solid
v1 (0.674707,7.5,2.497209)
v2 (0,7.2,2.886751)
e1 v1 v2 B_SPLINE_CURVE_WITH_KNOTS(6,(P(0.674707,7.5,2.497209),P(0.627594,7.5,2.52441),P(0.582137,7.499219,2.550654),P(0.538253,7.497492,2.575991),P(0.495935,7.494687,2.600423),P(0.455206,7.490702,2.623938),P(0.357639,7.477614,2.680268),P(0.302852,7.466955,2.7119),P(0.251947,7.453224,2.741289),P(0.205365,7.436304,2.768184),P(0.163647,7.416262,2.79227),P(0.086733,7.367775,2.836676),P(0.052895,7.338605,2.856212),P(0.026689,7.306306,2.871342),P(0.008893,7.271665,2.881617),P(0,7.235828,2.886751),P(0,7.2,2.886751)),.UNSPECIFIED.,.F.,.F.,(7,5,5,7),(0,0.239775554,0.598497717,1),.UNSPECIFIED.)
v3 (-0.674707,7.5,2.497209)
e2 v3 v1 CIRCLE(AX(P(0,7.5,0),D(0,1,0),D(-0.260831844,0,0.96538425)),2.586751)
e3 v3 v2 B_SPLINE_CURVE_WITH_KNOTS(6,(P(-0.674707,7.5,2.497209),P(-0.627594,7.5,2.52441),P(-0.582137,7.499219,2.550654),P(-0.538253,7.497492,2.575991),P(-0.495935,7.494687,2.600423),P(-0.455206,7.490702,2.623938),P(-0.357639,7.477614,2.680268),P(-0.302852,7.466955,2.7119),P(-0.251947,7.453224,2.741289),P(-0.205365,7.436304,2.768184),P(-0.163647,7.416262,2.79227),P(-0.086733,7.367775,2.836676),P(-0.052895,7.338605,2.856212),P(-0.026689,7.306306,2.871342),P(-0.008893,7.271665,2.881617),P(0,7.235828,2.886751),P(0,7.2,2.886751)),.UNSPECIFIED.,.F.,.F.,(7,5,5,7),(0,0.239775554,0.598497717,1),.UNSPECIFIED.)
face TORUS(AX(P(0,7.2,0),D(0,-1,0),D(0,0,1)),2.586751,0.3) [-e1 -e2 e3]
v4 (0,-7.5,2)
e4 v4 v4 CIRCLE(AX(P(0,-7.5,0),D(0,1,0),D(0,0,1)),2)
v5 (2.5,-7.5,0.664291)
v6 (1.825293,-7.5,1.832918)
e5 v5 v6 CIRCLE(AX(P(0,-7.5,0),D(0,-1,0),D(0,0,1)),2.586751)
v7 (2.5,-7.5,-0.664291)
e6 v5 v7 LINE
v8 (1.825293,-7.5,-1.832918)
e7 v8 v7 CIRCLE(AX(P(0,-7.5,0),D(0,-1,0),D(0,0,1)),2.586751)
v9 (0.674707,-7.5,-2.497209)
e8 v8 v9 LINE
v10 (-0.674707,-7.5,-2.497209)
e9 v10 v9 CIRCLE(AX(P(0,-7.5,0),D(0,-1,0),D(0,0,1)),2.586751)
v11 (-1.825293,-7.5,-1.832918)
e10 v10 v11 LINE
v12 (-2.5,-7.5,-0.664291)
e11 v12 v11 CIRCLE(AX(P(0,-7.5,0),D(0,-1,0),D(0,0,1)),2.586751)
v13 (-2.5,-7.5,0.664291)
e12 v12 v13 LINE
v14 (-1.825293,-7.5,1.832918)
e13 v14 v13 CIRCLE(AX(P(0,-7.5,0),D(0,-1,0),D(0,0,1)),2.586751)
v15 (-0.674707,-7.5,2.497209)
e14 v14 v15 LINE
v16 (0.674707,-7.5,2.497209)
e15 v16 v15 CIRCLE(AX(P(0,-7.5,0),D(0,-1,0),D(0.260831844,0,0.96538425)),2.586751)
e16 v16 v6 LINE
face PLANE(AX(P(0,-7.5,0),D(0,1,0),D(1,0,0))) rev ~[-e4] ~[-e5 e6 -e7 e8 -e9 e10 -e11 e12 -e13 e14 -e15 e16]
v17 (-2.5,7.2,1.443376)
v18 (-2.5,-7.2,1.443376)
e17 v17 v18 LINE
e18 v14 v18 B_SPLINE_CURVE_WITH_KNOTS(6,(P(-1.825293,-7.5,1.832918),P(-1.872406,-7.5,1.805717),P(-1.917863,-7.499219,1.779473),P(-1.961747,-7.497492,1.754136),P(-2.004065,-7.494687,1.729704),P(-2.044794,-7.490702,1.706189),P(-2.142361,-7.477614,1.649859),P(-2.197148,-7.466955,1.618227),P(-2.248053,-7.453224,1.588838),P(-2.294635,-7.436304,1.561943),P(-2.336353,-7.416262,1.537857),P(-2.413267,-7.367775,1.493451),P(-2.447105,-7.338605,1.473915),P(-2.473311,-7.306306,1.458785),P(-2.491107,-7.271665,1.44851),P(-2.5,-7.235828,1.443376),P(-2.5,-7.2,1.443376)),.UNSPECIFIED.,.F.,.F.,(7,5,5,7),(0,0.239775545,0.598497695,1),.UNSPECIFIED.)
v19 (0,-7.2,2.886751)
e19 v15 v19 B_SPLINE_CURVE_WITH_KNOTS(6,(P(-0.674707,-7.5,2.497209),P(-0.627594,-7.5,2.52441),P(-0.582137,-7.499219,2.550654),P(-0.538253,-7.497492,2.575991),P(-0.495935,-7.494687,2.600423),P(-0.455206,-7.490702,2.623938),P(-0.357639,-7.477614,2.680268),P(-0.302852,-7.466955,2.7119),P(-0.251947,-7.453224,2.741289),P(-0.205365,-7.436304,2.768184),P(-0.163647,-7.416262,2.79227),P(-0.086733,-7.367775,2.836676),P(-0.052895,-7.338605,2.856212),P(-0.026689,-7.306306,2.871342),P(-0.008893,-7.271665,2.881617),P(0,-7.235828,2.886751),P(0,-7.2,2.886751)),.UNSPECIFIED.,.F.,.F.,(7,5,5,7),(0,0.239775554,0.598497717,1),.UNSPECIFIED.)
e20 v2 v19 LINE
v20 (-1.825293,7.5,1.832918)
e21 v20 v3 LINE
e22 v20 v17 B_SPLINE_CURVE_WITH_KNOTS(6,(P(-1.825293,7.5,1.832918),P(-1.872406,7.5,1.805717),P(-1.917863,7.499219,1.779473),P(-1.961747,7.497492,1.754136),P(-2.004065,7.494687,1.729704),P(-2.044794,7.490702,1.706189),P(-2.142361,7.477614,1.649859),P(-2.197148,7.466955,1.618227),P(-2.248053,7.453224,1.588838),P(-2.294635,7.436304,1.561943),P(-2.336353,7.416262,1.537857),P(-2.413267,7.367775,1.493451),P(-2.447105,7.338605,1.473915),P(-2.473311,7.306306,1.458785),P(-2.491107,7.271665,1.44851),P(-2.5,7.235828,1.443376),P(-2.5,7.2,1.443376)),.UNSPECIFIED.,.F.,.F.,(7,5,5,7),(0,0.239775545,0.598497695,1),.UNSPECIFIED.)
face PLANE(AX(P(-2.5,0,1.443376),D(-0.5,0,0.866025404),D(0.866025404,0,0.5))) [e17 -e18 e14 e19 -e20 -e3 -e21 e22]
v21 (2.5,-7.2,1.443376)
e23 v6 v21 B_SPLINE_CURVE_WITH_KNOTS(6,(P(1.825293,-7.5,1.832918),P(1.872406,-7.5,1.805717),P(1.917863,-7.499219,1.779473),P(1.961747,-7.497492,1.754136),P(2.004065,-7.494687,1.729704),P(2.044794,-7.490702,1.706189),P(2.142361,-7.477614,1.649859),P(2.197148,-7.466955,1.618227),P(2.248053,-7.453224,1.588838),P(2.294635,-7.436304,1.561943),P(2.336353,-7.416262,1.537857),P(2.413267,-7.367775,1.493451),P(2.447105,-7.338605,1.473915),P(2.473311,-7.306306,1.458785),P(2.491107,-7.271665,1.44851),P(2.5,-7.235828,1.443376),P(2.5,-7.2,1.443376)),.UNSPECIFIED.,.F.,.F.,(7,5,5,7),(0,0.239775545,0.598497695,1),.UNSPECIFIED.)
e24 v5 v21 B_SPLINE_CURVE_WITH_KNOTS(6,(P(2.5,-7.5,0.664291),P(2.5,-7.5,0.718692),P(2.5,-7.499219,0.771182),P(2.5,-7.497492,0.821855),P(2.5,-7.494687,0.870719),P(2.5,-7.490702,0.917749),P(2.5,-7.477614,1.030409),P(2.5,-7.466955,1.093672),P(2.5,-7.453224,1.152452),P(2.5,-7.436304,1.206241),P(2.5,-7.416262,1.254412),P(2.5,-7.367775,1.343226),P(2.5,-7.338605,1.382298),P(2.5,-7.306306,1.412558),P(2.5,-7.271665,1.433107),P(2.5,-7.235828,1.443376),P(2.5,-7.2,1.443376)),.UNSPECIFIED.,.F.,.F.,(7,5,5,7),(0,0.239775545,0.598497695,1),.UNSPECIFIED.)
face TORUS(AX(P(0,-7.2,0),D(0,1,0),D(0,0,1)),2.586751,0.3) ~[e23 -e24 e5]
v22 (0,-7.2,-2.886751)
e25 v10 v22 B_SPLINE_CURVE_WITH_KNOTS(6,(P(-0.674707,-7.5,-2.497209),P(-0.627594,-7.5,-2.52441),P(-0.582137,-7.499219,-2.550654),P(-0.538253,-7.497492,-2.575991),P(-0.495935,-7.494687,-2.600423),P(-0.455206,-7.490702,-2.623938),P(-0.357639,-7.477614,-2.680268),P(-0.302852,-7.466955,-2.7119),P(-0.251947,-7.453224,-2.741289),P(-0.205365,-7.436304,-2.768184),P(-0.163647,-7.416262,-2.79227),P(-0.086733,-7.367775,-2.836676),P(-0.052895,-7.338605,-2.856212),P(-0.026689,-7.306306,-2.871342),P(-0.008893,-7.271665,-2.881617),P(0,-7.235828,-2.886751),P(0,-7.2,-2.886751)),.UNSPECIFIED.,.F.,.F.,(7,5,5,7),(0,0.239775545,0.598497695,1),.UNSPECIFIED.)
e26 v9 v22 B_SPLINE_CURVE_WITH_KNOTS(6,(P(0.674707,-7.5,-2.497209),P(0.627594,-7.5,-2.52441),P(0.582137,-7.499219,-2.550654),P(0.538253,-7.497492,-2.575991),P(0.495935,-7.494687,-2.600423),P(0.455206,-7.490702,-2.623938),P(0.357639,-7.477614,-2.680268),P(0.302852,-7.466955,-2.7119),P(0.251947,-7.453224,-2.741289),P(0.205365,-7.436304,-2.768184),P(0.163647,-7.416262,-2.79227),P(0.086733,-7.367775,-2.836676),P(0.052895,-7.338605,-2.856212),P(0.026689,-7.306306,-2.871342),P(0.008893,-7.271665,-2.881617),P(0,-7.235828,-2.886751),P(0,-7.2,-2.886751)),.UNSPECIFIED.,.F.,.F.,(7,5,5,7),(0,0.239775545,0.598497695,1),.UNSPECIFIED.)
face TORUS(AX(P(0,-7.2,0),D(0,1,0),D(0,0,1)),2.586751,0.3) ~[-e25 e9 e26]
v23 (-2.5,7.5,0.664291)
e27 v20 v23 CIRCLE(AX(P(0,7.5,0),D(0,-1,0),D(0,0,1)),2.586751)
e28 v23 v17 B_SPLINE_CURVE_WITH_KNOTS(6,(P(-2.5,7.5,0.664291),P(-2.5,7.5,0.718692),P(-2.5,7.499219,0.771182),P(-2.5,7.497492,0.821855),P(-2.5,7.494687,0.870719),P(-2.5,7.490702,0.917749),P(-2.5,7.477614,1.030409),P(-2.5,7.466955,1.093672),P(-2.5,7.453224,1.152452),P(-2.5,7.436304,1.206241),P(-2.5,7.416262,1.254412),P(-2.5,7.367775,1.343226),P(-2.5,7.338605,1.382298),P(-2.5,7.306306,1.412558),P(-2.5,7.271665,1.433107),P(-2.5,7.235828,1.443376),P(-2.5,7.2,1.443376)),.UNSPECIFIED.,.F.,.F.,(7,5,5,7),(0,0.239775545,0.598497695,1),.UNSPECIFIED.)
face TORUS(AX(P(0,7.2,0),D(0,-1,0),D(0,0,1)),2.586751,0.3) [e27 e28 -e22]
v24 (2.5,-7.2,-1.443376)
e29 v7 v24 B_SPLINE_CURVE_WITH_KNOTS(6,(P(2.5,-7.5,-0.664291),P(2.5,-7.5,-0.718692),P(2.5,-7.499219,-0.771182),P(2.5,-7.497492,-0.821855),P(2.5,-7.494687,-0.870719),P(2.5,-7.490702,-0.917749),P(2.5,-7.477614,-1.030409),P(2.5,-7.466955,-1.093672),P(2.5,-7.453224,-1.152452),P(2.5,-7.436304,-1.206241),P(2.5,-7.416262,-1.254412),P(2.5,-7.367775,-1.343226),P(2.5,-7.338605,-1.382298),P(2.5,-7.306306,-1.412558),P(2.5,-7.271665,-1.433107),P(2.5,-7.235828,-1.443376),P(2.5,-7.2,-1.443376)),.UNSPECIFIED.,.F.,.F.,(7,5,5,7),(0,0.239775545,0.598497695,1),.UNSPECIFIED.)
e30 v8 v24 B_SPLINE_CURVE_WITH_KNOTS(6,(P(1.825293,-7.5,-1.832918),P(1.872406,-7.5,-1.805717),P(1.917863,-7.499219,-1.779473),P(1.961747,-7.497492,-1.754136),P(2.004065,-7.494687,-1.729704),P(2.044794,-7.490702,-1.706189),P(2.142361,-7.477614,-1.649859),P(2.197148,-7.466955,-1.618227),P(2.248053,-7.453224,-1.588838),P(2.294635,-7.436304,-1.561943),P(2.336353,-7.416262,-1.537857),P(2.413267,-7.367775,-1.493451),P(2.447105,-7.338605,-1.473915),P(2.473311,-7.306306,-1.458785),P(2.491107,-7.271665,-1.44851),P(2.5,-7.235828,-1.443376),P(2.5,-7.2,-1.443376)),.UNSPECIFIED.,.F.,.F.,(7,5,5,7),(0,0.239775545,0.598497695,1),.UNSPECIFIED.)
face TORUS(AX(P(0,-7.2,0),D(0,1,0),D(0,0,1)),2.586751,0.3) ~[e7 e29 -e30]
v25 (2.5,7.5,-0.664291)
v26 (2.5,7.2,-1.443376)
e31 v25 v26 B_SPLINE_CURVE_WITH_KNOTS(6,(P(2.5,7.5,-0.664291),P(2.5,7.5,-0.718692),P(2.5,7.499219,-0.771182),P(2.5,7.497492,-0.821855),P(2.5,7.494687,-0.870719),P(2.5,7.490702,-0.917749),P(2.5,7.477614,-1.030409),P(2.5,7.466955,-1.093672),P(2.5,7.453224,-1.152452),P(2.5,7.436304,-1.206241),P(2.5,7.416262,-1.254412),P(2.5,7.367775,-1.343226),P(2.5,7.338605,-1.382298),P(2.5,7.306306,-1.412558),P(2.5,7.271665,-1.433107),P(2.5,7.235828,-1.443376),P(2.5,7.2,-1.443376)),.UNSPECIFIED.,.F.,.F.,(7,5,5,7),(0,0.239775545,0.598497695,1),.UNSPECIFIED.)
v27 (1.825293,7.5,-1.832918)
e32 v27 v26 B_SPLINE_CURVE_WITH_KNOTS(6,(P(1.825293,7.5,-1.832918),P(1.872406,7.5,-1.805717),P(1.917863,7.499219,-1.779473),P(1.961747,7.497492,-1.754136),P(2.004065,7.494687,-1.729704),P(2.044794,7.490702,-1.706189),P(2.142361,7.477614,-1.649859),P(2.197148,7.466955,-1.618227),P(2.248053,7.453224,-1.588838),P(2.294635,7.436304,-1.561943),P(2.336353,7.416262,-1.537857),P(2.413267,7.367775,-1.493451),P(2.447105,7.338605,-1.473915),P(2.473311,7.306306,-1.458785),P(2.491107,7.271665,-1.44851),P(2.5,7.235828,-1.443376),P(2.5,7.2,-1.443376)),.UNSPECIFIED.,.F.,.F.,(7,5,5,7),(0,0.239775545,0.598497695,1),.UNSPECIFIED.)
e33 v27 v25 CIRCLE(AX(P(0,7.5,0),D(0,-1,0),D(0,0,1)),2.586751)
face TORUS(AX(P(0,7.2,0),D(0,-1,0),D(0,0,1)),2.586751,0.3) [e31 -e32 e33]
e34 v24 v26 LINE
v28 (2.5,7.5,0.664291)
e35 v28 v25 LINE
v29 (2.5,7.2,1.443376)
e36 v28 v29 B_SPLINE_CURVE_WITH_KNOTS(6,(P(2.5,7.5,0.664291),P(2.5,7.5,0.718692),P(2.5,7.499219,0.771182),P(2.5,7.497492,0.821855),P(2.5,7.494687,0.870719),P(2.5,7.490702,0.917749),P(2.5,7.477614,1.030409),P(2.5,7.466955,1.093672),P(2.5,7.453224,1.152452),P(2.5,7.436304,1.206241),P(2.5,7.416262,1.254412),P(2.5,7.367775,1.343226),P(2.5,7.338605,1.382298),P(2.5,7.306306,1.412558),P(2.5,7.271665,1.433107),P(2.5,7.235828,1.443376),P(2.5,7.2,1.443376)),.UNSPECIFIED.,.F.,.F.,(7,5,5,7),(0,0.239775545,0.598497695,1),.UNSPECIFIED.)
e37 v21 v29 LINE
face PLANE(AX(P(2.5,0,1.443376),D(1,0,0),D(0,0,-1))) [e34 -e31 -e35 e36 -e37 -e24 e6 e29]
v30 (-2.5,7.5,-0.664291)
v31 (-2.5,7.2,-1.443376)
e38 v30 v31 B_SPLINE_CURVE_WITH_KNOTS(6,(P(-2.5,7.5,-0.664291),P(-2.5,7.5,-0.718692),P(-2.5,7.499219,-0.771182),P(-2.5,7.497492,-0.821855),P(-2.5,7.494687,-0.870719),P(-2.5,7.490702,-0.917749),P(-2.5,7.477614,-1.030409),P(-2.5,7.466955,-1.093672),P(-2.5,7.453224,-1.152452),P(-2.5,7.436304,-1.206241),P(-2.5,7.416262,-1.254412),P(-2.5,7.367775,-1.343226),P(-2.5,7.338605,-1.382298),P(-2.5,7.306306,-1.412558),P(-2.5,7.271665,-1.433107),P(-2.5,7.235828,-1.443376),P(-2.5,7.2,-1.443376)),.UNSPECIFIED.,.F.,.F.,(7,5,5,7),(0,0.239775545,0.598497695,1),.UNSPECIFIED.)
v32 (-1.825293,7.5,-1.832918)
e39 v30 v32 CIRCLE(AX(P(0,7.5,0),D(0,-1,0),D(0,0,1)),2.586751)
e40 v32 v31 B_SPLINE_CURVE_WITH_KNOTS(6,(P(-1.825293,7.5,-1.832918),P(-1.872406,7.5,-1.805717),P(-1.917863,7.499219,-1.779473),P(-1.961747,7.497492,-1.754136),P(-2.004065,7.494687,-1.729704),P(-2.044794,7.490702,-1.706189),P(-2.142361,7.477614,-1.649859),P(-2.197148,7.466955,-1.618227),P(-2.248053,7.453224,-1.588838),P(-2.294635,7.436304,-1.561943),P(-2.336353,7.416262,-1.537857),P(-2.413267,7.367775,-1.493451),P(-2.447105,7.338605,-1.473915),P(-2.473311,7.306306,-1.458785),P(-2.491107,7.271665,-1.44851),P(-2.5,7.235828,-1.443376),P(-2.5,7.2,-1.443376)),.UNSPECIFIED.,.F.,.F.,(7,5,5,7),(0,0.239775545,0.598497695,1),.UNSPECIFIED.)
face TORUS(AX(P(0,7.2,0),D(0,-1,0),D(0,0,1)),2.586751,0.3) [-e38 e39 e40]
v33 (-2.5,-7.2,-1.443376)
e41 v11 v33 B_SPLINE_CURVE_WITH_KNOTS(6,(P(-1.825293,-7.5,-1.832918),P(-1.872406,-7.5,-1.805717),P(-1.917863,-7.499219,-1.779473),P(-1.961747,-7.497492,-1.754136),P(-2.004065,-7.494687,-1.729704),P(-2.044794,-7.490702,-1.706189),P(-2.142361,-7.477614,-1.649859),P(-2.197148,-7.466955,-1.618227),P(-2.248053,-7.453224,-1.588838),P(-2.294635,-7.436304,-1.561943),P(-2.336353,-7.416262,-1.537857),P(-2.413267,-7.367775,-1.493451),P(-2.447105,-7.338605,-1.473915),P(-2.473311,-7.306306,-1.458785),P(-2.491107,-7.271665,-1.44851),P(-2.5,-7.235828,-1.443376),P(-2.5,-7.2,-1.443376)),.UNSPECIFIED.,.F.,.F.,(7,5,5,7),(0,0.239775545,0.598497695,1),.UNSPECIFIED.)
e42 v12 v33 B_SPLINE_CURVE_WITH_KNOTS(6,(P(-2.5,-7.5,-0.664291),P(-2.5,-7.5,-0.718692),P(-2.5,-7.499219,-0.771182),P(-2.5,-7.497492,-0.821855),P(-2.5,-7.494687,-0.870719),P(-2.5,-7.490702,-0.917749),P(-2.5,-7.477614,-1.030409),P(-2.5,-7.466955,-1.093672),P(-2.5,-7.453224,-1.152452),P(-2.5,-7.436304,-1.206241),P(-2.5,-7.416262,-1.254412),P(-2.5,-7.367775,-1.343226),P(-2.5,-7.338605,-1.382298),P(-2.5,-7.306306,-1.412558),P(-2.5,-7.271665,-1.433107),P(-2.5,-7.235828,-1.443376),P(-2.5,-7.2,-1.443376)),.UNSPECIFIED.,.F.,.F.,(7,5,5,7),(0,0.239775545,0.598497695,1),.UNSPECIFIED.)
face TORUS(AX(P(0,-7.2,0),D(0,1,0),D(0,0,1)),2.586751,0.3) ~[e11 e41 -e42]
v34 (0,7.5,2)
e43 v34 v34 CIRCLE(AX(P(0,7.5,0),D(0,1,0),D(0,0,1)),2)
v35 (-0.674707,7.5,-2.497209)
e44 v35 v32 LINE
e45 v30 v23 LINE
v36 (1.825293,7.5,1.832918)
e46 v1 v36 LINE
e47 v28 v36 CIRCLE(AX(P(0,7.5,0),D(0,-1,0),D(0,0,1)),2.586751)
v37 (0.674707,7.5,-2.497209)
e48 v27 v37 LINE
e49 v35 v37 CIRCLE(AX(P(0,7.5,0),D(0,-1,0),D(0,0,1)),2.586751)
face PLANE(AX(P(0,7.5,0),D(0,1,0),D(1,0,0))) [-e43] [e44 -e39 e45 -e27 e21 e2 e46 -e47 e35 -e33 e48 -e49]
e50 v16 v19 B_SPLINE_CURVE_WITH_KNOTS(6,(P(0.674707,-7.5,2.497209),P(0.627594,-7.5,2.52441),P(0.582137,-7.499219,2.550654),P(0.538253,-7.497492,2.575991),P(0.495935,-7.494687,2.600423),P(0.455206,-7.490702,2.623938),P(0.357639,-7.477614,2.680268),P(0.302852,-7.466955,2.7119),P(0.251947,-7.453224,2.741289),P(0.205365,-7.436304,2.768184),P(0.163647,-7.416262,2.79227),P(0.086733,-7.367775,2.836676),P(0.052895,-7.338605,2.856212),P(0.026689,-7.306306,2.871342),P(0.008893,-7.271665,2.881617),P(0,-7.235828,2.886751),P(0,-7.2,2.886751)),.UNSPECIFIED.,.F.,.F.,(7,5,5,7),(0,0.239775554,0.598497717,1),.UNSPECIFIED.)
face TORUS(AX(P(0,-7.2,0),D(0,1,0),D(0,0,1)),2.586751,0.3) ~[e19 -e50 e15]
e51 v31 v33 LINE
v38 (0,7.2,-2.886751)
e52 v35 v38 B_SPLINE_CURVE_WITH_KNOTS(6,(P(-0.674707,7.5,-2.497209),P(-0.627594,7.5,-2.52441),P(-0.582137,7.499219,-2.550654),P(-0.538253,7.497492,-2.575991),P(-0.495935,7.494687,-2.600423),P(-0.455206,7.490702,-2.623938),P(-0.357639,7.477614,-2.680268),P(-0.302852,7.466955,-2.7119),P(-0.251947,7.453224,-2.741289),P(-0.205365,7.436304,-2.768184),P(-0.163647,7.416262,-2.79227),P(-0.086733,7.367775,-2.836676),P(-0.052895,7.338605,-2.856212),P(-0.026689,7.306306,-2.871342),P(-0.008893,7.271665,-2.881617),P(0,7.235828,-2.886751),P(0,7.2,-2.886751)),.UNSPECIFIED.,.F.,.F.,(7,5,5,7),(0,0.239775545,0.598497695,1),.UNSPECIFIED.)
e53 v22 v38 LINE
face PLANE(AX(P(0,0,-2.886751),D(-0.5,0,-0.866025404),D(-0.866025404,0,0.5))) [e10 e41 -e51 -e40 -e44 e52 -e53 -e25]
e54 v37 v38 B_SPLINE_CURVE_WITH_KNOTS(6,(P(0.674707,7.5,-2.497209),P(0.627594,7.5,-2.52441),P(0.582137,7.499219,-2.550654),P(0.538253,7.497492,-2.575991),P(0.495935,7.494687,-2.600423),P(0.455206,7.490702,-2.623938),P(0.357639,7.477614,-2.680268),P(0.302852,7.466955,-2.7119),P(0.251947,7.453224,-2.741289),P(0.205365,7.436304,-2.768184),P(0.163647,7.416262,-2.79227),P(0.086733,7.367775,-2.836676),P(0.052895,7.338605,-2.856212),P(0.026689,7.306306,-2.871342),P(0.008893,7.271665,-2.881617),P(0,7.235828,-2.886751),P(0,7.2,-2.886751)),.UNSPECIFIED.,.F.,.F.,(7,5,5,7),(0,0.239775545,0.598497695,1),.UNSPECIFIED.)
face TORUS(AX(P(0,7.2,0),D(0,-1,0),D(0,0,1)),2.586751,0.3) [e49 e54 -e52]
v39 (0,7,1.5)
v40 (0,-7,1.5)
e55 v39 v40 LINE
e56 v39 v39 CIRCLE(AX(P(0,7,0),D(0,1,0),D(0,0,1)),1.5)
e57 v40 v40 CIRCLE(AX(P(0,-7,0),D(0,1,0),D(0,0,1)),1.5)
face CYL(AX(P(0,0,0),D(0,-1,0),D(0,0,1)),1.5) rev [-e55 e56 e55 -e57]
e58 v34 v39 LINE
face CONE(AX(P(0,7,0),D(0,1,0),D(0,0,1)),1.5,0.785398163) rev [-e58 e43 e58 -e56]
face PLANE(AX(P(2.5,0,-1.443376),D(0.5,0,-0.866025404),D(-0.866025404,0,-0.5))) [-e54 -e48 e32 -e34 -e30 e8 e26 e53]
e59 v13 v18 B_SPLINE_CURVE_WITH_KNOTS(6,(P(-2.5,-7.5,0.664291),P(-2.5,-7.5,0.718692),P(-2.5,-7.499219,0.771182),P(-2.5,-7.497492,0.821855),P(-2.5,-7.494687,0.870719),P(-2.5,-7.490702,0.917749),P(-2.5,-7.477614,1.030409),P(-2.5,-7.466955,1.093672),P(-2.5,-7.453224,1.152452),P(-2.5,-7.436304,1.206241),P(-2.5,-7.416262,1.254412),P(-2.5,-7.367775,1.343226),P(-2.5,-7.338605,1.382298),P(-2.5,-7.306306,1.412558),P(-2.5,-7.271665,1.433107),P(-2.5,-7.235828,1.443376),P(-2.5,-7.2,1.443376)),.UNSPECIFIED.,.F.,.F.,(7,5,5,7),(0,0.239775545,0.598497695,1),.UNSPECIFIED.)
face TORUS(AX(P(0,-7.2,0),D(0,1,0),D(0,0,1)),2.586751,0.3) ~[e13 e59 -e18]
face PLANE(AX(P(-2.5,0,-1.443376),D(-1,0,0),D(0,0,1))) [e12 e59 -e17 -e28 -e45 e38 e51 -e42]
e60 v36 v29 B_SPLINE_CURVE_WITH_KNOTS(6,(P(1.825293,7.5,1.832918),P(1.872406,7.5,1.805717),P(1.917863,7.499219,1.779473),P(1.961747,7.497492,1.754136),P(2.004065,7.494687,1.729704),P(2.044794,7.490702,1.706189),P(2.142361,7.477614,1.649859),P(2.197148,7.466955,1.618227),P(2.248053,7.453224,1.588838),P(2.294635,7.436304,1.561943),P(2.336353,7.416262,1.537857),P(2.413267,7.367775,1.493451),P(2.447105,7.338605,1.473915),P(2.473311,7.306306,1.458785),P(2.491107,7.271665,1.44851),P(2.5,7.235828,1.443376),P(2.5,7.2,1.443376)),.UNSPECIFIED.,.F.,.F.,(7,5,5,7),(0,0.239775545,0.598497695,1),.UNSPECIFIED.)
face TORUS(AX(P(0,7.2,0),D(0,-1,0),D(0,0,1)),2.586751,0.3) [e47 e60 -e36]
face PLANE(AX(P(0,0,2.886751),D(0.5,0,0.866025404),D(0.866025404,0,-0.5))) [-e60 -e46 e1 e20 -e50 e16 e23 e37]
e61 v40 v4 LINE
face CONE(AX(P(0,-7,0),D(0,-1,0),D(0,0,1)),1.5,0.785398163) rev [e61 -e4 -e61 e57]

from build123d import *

# Parameters (mm, degrees)
SKETCH2_R           = 1.5
BOSS_EXTRUDE2_DEPTH = 7.5
CHAMFER1_SIZE       = 0.5


with BuildPart() as part:
    # Sketch2 → Boss-Extrude2 (new, symmetric)
    with BuildSketch(Plane(origin=(0, 0, 0), x_dir=(1, 0, 0), z_dir=(0, 1, 0))):
        Polygon((0, -2.886751346), (2.5, -1.443375673), (2.5, 1.443375673), (0, 2.886751346), (-2.5, 1.443375673), (-2.5, -1.443375673), align=None)
        with Locations(Location((0, 0, 0), (0, 0, 270))):
            Circle(SKETCH2_R, mode=Mode.SUBTRACT)
    extrude(amount=BOSS_EXTRUDE2_DEPTH, both=True)

    # Chamfer1
    chamfer1_edges = [part.edges().sort_by_distance(p)[0] for p in [
        (0, -7.5, -1.5),
        (0, 7.5, -1.5),
    ]]
    chamfer(chamfer1_edges, length=CHAMFER1_SIZE)

    # Sketch4 → Cut-Revolve1 (revolve, cut)
    with BuildSketch(Plane(origin=(0, 0, 0), x_dir=(0, 0, -1), z_dir=(1, 0, 0))):
        with BuildLine():
            Line((-2.886751346, 7.2), (-2.886751346, 7.5))
            Line((-2.886751346, 7.5), (-2.586751346, 7.5))
            ThreePointArc((-2.586751346, 7.5), (-2.79888338, 7.412132034), (-2.886751346, 7.2))
        make_face()
    cut_revolve1 = revolve(axis=Axis((0, 57.75, 0), (0, -1, 0)), mode=Mode.SUBTRACT)

    # Mirror1: Cut-Revolve1 across plane
    add(cut_revolve1.mirror(Plane.ZX), mode=Mode.SUBTRACT)


solid = part.part
